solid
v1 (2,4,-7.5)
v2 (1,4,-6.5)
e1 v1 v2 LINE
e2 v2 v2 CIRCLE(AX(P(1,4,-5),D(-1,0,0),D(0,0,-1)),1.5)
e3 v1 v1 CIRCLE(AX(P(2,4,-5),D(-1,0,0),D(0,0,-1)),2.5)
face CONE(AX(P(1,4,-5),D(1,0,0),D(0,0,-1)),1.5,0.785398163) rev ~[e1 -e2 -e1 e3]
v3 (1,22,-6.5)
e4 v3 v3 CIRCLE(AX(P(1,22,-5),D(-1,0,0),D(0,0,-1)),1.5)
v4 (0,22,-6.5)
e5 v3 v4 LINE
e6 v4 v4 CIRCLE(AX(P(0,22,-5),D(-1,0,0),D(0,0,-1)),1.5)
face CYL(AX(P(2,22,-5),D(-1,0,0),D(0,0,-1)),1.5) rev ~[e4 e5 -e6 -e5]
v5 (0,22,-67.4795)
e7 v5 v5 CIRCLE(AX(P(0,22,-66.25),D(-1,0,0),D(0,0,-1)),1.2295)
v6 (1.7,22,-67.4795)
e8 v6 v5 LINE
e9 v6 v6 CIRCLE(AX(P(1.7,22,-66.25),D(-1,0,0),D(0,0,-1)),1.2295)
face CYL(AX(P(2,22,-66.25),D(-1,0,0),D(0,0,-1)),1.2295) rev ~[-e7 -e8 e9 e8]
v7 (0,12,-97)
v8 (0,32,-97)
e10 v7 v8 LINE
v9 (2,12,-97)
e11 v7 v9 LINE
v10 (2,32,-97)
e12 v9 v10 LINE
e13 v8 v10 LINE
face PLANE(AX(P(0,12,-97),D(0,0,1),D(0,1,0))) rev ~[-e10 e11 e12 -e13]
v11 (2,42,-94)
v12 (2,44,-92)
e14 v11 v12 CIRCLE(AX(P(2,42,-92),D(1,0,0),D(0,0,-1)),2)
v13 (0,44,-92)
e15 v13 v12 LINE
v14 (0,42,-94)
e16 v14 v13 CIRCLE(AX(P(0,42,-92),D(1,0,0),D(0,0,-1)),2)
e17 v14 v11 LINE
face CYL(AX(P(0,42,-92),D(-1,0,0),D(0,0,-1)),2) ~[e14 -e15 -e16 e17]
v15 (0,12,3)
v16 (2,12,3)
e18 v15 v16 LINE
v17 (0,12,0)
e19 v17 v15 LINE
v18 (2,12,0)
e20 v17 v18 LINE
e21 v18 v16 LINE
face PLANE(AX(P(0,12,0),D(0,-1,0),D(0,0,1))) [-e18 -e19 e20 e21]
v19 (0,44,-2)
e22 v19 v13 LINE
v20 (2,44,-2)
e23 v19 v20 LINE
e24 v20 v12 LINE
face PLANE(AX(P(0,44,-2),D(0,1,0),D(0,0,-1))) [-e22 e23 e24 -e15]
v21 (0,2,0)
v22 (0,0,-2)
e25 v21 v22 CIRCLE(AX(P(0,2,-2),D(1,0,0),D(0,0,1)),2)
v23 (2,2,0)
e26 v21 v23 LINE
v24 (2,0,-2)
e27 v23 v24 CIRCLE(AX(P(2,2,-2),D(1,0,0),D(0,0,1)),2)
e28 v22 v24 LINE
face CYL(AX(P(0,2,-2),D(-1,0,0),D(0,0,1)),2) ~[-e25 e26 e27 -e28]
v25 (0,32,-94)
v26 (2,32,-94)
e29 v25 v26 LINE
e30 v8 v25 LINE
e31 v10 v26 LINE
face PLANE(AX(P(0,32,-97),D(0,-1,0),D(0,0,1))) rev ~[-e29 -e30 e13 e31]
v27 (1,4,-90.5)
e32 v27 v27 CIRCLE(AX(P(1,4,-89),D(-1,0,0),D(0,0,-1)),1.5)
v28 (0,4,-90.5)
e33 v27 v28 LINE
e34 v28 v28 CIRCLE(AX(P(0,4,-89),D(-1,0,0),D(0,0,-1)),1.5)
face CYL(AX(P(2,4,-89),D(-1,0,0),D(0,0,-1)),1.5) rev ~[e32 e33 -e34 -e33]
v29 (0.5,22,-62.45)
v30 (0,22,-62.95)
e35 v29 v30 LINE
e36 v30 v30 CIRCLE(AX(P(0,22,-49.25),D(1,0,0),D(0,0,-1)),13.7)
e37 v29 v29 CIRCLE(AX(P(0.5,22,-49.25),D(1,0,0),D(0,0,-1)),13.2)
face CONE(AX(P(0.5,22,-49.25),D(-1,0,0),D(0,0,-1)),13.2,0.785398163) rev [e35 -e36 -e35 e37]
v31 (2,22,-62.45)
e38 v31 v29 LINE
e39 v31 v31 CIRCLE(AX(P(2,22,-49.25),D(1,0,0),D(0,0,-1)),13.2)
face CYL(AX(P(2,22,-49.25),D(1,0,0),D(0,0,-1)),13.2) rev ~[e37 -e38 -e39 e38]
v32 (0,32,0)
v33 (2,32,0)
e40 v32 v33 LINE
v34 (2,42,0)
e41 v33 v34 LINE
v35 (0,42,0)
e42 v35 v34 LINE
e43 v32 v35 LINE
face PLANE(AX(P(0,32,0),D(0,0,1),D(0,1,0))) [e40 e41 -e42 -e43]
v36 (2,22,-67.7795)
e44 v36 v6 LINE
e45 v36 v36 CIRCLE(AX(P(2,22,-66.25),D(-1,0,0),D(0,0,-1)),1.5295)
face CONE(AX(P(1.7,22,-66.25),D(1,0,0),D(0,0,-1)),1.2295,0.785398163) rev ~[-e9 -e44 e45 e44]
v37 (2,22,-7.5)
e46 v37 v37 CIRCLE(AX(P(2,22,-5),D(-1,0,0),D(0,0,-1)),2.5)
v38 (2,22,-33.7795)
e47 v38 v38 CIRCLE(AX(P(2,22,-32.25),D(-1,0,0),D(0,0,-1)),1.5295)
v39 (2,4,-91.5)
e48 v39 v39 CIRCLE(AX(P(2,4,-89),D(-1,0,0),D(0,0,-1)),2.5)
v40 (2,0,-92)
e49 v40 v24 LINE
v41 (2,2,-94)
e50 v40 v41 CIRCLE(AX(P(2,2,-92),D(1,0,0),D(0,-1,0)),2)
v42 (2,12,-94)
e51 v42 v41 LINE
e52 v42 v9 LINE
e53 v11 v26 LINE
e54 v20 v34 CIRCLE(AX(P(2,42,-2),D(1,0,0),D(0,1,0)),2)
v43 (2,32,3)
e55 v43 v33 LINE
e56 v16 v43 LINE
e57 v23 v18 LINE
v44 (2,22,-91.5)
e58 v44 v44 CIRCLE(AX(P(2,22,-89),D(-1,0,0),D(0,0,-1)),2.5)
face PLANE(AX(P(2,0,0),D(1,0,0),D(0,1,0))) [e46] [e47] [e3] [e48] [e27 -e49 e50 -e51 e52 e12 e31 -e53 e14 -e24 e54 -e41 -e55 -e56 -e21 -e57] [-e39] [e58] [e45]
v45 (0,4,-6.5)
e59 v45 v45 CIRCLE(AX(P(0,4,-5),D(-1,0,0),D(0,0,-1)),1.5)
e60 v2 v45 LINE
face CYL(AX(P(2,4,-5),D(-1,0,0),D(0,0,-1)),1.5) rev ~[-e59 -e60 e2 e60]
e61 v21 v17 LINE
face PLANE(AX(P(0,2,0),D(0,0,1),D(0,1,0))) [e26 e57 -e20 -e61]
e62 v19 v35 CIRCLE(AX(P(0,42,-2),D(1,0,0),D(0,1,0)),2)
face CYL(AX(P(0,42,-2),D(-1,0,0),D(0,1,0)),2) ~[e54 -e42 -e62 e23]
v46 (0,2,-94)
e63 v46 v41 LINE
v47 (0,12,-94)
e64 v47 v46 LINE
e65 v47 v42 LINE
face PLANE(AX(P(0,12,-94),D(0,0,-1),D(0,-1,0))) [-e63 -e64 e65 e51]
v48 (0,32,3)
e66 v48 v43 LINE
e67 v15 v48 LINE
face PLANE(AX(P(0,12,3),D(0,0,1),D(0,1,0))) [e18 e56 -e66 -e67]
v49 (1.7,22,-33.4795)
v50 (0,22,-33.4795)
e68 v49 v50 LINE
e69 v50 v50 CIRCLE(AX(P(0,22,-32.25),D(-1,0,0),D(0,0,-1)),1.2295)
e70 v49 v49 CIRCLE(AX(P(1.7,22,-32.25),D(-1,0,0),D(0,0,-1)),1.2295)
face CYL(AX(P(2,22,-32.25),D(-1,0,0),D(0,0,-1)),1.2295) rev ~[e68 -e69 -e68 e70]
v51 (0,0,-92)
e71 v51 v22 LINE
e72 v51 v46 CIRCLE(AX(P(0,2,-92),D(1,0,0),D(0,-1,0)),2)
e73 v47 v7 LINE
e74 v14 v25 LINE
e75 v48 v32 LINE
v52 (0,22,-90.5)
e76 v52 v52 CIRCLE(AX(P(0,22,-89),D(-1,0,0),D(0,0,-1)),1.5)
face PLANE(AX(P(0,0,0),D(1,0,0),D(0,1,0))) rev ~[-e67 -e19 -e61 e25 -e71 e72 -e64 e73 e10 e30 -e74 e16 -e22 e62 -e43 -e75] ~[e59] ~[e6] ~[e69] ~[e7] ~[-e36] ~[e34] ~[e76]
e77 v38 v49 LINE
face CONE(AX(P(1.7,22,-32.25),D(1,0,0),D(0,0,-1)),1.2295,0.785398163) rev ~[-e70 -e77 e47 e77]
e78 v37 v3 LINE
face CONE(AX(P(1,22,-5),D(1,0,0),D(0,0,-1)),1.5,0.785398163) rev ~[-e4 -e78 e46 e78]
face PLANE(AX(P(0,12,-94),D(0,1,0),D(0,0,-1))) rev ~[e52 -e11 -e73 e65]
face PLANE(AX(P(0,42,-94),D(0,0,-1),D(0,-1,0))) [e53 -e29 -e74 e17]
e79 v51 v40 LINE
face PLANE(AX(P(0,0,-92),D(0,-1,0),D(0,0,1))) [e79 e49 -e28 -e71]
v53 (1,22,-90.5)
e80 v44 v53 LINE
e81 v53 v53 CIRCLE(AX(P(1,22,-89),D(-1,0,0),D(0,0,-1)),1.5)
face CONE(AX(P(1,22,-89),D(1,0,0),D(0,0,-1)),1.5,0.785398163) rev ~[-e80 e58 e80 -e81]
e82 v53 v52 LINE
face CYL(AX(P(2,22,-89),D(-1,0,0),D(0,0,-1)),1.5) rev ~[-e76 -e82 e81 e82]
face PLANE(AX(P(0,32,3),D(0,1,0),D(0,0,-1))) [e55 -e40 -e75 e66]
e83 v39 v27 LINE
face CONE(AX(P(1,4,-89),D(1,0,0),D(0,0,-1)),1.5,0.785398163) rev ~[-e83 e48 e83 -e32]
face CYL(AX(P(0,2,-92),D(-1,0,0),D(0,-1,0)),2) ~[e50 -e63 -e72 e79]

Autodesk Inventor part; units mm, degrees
ref_plane "YZ Plane" through (0, 0, 0) normal (1, 0, 0) x (0, 1, 0)
ref_plane "XZ Plane" through (0, 0, 0) normal (0, 1, 0) x (-1, 0, 0)
ref_plane "XY Plane" through (0, 0, 0) normal (0, 0, 1) x (1, 0, 0)
sketch "Sketch1" plane through (0, 0, 0) normal (1, 0, 0) x (0, 1, 0)
  line L0 (2, 0) -> (42, 0)
  line L1 (44, -2) -> (44, -92)
  line L2 (42, -94) -> (2, -94)
  line L3 (0, -92) -> (0, -2)
  line L4 (32, -94) -> (12, -94)
  line L5 (12, -94) -> (12, -97)
  line L6 (12, -97) -> (32, -97)
  line L7 (32, -97) -> (32, -94)
  line L8 (44.4582, -47) -> (27.4431, -47) construction
  line L9 (32, 0) -> (12, 0)
  line L10 (12, 0) -> (12, 3)
  line L11 (12, 3) -> (32, 3)
  line L12 (32, 3) -> (32, 0)
  arc A0 (42, -94) -> (44, -92) centre (42, -92) ccw
  arc A1 (0, -92) -> (2, -94) centre (2, -92) ccw
  arc A2 (2, 0) -> (0, -2) centre (2, -2) ccw
  arc A3 (44, -2) -> (42, 0) centre (42, -2) ccw
  point P0 (0, 0)
  point P1 (44, -94)
  point P2 (44, 0)
  point P3 (0, -94)
  point P4 (12, -95.5)
  point P5 (12, 1.5)
  dimension "d0" = 94
  dimension "d1" = 44
  dimension "d28" = 20
  dimension "d29" = 3
  dimension "d30" = 12
  dimension "d31" = 2
extrude "Extrusion1" add sketch "Sketch1" along normal blind 2
sketch "Sketch3" plane through (2, 0, 0) normal (1, 0, 0) x (0, 0, -1)
  circle A0 centre (49.25, 22) radius 13.2
  line L0 (0, 0) -> (92, 0) projected
  line L1 (94, 2) -> (94, 42) projected
  point P0 (120, 0)
  point P1 (120, 62)
  point P2 (94, 2)
  dimension "d23" = 26.4
  dimension "d24" = 22
  dimension "d25" = 44.75
extrude "Extrusion2" cut sketch "Sketch3" against normal through all
sketch "Sketch4" plane through (2, 0, 0) normal (1, 0, 0) x (0, 0, -1)
  circle A0 centre (5, 22) radius 1.5
  circle A1 centre (89, 22) radius 1.5
  line L0 (2, 0) -> (92, 0) projected
  line L1 (92, 44) -> (2, 44) projected
  line L2 (0, 42) -> (0, 32) projected
  line L3 (94, 32) -> (94, 42) projected
  circle A2 centre (89, 4) radius 1.5
  circle A3 centre (5, 4) radius 1.5
  point P0 (0, 0)
  dimension "d32" = 3
  dimension "d33" = 3
  dimension "d34" = 44
  dimension "d35" = 22
  dimension "d36" = 5
  dimension "d37" = 5
  dimension "d62" = 3
  dimension "d63" = 3
  dimension "d64" = 18
hole "Hole2" at (2, 22, -5) at (2, 22, -89) at (2, 4, -89) at (2, 4, -5) direction (-1, 0, 0) diameter 3 depth 14.2 tip angle 118
chamfer "Chamfer2" distance 1 angle 45 4 edges at (2, 4, -87.5) (2, 22, -87.5) (2, 4, -3.5) (2, 22, -3.5)
sketch "Sketch5" plane through (2, 0, 0) normal (1, 0, 0) x (0, 0, -1)
  circle A0 centre (66.25, 22) radius 1.5
  circle A1 centre (32.25, 22) radius 1.5
  circle A2 centre (89, 22) radius 1.5 projected
  line L0 (89, 22) -> (83.0572, 22)
  circle A3 centre (49.25, 22) radius 13.2 projected
  point P0 (0, 0)
  point P1 (49.25, 8.8)
  dimension "d48" = 3
  dimension "d49" = 3
  dimension "d50" = 34
  dimension "d51" = 17
hole "Hole3" at (2, 22, -66.25) at (2, 22, -32.25) direction (-1, 0, 0) diameter 2.459 depth 8.8 tip angle 118 thread size "M3x0.5" class "6H" standard "ISO Metric profile"
chamfer "Chamfer3" distance 0.3 angle 45 2 edges at (2, 22, -65.0205) (2, 22, -31.0205)
chamfer "Chamfer4" distance 0.5 angle 45 1 edges at (0, 22, -36.05)
equation "\"d30\" = -0.5 * d28 + 0.5 * d1"
equation "\"d35\" = 0.5 * d34"
equation "\"d51\" = 0.5 * d50"
properties part number "ściana"
